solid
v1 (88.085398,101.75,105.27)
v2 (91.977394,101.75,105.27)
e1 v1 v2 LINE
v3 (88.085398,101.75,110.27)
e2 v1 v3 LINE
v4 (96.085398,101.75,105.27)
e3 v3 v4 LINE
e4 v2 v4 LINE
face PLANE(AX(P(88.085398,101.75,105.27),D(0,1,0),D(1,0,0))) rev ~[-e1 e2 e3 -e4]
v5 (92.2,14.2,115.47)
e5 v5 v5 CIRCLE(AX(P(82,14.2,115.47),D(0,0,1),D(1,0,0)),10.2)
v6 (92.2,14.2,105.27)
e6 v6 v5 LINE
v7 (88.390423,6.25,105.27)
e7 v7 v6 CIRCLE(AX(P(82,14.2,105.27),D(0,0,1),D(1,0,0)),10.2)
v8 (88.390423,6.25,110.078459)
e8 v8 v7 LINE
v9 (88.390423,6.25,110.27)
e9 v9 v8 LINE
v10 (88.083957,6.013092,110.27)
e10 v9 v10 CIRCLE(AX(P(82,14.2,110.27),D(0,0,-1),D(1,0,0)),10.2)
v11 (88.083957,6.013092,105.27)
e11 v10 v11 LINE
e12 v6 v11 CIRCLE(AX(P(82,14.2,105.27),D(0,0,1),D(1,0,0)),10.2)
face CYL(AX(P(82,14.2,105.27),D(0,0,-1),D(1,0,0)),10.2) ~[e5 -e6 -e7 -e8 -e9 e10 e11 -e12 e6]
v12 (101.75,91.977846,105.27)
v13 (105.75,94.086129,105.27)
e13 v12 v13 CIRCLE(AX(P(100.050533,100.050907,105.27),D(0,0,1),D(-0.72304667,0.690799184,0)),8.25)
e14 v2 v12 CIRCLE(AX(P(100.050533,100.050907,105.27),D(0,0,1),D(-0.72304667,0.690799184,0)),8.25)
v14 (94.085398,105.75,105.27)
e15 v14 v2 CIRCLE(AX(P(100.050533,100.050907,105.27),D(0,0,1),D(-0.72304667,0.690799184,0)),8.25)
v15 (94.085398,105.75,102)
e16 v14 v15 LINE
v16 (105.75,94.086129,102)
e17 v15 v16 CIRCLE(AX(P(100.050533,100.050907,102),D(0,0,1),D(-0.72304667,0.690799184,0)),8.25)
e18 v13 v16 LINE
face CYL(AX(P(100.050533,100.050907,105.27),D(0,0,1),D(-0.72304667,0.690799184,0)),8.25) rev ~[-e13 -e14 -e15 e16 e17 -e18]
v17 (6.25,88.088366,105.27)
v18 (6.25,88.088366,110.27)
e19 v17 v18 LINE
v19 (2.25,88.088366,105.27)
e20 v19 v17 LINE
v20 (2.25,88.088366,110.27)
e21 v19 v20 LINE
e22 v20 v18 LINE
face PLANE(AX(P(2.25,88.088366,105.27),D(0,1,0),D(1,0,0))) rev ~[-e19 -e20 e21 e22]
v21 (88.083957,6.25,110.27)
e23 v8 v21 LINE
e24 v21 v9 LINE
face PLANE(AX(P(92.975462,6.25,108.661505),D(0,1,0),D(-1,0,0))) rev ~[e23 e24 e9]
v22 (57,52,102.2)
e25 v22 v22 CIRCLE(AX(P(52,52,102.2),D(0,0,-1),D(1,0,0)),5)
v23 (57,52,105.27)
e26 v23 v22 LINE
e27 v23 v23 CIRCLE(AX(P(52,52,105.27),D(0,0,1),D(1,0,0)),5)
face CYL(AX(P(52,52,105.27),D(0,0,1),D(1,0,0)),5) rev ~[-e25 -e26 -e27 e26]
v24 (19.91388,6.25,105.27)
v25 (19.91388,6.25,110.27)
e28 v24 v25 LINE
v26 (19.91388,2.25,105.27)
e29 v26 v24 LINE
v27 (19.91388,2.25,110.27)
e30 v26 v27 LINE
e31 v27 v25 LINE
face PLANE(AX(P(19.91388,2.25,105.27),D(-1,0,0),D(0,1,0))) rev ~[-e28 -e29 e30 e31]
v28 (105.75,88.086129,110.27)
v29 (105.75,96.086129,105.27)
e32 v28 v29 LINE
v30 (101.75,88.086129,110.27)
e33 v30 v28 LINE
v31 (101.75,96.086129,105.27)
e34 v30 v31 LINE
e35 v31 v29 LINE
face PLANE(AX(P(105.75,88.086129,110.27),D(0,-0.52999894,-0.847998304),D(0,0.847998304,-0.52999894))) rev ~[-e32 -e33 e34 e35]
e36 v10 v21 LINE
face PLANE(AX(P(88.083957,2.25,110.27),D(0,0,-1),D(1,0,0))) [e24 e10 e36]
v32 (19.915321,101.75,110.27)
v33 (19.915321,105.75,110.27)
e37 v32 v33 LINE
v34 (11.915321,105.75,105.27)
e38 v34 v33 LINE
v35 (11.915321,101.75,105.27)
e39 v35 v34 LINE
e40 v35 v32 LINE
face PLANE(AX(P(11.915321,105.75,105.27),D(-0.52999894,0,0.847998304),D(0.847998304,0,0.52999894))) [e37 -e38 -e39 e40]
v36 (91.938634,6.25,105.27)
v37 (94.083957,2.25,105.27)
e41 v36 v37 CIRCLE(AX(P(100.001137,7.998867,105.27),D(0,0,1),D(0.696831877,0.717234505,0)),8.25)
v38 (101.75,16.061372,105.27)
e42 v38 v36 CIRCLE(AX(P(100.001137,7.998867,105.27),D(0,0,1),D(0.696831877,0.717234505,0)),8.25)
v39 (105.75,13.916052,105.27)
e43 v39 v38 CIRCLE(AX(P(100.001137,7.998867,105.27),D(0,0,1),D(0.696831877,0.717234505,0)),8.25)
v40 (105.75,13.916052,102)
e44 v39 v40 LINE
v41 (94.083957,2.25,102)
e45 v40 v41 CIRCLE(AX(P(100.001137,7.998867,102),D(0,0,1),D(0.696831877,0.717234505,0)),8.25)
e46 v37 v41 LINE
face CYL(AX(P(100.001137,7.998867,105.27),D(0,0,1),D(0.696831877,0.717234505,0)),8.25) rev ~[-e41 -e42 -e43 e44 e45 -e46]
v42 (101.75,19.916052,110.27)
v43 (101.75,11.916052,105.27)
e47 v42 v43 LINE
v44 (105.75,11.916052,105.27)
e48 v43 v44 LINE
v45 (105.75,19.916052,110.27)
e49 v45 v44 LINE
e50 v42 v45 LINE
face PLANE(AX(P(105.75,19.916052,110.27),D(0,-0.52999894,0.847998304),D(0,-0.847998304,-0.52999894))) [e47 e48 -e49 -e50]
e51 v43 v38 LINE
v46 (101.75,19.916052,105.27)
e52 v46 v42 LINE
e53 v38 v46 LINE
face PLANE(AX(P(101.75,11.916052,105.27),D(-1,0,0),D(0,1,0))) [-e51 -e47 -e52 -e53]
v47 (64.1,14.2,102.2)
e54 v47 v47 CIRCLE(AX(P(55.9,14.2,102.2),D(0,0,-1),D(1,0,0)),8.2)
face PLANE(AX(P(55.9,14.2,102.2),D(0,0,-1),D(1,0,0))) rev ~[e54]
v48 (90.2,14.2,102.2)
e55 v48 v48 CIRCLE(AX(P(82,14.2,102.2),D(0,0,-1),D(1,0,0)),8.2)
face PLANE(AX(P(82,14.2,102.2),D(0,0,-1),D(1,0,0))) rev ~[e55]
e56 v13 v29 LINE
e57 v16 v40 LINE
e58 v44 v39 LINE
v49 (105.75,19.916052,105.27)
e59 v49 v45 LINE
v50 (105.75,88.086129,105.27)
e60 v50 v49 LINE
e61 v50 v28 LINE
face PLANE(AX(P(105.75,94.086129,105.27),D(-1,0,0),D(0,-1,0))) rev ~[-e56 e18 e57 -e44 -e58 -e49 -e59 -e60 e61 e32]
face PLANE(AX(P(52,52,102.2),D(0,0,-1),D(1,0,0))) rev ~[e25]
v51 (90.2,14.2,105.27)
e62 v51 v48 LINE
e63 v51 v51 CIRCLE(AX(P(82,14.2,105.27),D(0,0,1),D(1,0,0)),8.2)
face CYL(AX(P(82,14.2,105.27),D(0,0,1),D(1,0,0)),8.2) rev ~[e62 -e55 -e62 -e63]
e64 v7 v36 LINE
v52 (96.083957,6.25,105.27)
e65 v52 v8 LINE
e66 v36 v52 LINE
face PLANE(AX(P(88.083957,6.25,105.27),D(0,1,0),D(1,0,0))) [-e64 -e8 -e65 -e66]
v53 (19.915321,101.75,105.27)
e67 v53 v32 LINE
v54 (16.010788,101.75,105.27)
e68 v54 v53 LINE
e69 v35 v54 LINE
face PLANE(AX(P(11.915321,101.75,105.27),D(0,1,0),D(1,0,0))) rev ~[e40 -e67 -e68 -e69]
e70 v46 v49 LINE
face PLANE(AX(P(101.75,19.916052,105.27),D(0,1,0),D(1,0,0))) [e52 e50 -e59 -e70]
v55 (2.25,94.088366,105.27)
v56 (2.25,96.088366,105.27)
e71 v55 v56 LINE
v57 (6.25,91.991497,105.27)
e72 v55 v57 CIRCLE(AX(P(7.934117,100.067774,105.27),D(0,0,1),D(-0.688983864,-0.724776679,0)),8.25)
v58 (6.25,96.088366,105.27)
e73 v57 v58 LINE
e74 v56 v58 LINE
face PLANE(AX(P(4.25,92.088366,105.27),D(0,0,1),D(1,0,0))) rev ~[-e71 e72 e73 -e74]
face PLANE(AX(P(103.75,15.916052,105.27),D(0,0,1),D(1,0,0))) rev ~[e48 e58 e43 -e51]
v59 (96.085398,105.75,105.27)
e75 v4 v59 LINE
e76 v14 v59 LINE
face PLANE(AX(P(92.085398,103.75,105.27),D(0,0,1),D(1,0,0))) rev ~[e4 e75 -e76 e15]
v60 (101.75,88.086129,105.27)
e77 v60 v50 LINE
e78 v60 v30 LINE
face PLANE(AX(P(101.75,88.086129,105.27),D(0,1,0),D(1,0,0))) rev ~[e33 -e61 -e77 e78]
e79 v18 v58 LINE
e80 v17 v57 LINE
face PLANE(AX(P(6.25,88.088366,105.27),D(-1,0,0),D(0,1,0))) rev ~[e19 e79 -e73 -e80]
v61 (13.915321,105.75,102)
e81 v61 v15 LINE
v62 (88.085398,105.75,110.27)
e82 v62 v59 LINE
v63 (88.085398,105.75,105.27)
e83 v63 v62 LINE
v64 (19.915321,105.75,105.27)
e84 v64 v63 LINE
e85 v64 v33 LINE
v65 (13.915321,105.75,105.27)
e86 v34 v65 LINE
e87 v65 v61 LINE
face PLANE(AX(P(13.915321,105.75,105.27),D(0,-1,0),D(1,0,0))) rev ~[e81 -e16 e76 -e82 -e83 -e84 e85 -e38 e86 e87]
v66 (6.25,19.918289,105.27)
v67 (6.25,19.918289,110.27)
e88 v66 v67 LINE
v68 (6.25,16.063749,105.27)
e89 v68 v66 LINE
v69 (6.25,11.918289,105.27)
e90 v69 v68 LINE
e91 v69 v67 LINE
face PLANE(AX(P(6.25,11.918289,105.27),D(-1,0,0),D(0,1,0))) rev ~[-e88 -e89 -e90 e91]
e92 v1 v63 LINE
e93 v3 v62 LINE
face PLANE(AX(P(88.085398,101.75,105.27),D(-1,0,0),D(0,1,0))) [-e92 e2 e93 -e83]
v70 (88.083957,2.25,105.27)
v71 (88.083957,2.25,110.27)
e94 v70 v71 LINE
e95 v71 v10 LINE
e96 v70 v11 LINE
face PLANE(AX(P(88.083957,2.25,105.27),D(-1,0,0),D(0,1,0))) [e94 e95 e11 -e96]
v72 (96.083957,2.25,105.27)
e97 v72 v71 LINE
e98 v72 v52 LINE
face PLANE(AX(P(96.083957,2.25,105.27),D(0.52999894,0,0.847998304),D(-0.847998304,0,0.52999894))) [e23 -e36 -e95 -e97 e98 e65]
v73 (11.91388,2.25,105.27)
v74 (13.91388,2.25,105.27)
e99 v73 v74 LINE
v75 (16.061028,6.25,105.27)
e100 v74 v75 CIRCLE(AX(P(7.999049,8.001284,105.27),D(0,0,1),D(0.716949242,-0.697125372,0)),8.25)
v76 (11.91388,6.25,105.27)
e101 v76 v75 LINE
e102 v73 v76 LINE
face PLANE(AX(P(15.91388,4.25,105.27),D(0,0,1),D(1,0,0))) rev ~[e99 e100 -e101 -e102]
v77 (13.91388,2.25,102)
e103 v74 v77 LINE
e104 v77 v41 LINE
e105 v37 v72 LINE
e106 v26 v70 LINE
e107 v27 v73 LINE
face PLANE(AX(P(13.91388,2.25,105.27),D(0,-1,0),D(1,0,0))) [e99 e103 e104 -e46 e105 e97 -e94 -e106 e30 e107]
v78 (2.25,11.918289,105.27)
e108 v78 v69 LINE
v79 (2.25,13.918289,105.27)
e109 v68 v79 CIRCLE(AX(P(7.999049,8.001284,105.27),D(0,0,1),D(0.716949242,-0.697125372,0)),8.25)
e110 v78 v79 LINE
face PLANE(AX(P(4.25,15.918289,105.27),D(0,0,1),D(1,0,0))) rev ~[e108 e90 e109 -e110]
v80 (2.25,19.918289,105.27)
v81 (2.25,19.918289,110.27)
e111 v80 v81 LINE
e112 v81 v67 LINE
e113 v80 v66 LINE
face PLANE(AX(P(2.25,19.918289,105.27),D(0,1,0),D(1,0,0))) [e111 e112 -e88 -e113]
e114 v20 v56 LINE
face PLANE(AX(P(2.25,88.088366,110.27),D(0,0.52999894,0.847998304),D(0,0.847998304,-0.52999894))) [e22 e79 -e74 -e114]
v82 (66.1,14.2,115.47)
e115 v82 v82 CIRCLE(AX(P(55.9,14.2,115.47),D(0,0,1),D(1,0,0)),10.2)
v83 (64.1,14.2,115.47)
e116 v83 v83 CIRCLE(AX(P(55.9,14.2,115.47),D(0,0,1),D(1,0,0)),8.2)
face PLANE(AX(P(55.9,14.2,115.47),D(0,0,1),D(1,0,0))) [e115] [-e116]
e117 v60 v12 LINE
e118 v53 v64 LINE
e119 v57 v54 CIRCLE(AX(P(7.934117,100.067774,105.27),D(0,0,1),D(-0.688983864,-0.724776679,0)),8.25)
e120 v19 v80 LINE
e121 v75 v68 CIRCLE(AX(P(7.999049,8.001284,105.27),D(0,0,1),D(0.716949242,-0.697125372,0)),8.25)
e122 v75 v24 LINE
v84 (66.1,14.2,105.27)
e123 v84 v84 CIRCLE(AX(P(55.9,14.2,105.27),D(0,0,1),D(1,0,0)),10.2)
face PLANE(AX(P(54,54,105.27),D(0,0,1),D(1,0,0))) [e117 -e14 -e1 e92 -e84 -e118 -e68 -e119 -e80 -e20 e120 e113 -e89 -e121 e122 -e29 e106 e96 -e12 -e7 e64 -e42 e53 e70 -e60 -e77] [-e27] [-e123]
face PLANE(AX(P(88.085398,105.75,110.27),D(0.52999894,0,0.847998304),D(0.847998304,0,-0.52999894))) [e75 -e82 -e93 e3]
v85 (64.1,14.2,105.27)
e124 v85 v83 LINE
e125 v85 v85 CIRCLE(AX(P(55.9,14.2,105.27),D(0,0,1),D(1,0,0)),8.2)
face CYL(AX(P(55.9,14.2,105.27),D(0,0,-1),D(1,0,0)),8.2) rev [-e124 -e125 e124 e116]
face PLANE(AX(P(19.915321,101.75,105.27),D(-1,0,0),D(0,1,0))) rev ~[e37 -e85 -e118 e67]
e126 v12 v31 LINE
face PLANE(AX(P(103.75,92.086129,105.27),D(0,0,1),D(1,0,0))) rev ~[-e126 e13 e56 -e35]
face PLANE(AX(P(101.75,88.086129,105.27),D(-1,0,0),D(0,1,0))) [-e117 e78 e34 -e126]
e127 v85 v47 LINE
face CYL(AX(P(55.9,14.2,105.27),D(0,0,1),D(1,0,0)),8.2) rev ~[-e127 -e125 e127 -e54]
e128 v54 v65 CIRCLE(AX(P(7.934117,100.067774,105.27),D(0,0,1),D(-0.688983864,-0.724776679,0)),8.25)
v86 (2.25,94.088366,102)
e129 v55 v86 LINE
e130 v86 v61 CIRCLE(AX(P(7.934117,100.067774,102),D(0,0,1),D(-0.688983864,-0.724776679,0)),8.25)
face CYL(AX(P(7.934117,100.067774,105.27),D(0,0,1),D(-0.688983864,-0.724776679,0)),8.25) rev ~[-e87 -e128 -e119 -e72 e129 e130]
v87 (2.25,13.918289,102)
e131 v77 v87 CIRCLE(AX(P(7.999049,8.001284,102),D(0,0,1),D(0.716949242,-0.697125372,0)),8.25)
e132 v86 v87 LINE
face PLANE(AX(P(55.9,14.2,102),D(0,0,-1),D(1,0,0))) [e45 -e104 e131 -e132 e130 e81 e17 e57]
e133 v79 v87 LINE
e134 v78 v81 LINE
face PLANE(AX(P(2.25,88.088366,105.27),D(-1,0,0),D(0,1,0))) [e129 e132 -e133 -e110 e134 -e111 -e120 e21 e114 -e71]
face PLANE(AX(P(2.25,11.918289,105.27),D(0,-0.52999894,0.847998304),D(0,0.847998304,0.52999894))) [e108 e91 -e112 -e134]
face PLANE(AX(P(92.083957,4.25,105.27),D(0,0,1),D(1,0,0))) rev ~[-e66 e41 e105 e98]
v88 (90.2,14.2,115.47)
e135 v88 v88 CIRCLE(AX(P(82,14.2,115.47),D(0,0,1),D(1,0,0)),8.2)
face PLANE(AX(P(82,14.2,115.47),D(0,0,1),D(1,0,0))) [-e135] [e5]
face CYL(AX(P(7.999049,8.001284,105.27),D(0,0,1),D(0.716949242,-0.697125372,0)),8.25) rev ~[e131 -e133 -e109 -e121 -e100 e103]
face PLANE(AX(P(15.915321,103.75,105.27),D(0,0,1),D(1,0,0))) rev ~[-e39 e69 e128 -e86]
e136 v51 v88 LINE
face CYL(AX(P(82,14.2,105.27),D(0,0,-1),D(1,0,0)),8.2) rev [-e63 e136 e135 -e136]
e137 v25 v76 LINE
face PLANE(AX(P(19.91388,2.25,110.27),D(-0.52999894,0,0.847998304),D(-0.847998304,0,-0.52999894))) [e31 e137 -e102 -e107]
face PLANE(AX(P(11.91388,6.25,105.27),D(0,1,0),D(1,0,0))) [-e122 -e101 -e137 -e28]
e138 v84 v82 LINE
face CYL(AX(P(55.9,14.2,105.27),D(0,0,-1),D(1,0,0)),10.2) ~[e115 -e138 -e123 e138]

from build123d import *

# Parameters (mm, degrees)
SKETCH108_W     = 108
SKETCH108_H     = 108
PAD045_DEPTH    = 3.27
FILLET007_R     = 8
SKETCH_R        = 8.2
POCKET_DEPTH    = 3.271
SKETCH131_R     = 10.2
SKETCH131_R_2   = 8.2
PAD_DEPTH       = 10.2
SKETCH132_W     = 108
SKETCH132_H     = 108
POCKET052_DEPTH = 3.271
SKETCH133_R     = 5
POCKET053_DEPTH = 3.271
SKETCH134_W     = 4
SKETCH134_H     = 8
SKETCH134_W_2   = 8
SKETCH134_H_2   = 4
PAD052_DEPTH    = 5
POCKET054_DEPTH = 4
POCKET055_DEPTH = 4
POCKET056_DEPTH = 4
POCKET057_DEPTH = 4
SKETCH139_R     = 8.2
SKETCH139_R_2   = 5
PAD053_DEPTH    = 0.2


with BuildPart() as part:
    # Sketch108 → Pad045 (new body)
    with BuildSketch(Plane.XY):
        with Locations((54, 54)):
            Rectangle(SKETCH108_W, SKETCH108_H)
    extrude(amount=PAD045_DEPTH)

    # Fillet007
    fillet007_edges = [part.edges().sort_by_distance(p)[0] for p in [
        (0, 0, 1.635),
        (0, 108, 1.635),
        (108, 108, 1.635),
        (108, 0, 1.635),
    ]]
    fillet(fillet007_edges, radius=FILLET007_R)

    # Sketch (on Face5 of Fillet007) → Pocket (cut, through all)
    with BuildSketch(Plane.XY.offset(3.27)):
        with Locations((55.9, 14.2)):
            Circle(SKETCH_R)
        with Locations((82, 14.2)):
            Circle(SKETCH_R)
    extrude(amount=-POCKET_DEPTH, mode=Mode.SUBTRACT)

    # Sketch131 (on Face5 of Pocket) → Pad (join)
    with BuildSketch(Plane.XY.offset(3.27)):
        with Locations((55.9, 14.2)):
            Circle(SKETCH131_R)
        with Locations((55.9, 14.2)):
            Circle(SKETCH131_R_2, mode=Mode.SUBTRACT)
        with Locations((82, 14.2)):
            Circle(SKETCH131_R)
        with Locations((82, 14.2)):
            Circle(SKETCH131_R_2, mode=Mode.SUBTRACT)
    extrude(amount=PAD_DEPTH)

    # Sketch132 (on Face5 of Pad) → Pocket052 (cut, through all)
    with BuildSketch(Plane.XY.offset(3.27)):
        with Locations((54, 54)):
            Rectangle(SKETCH132_W, SKETCH132_H)
        with BuildLine():
            Line((2.25, 94.088366), (2.25, 13.918289))
            ThreePointArc((13.91388, 2.25), (13.833782, 13.833813), (2.25, 13.918289))
            Line((13.91388, 2.25), (94.083957, 2.25))
            ThreePointArc((105.75, 13.916052), (94.167504, 13.832496), (94.083957, 2.25))
            Line((105.75, 94.086129), (105.75, 13.916052))
            ThreePointArc((94.085398, 105.75), (94.217085, 94.217093), (105.75, 94.086129))
            Line((13.915321, 105.75), (94.085398, 105.75))
            ThreePointArc((2.25, 94.088366), (13.766826, 94.233221), (13.915321, 105.75))
        make_face(mode=Mode.SUBTRACT)
    extrude(amount=-POCKET052_DEPTH, mode=Mode.SUBTRACT)

    # Sketch133 (on Face1 of Pocket052) → Pocket053 (cut, through all)
    with BuildSketch(Plane.XY.offset(3.27)):
        with Locations((52, 52)):
            Circle(SKETCH133_R)
    extrude(amount=-POCKET053_DEPTH, mode=Mode.SUBTRACT)

    # Sketch134 (on Face1 of Pocket053) → Pad052 (join)
    with BuildSketch(Plane.XY.offset(3.27)):
        with Locations((4.25, 92.088366)):
            Rectangle(SKETCH134_W, SKETCH134_H)
        with Locations((15.915321, 103.75)):
            Rectangle(SKETCH134_W_2, SKETCH134_H_2)
        with Locations((92.085398, 103.75)):
            Rectangle(SKETCH134_W_2, SKETCH134_H_2)
        with Locations((103.75, 92.086129)):
            Rectangle(SKETCH134_W, SKETCH134_H)
        with Locations((103.75, 15.916052)):
            Rectangle(SKETCH134_W, SKETCH134_H)
        with Locations((92.083957, 4.25)):
            Rectangle(SKETCH134_W_2, SKETCH134_H_2)
        with Locations((15.91388, 4.25)):
            Rectangle(SKETCH134_W_2, SKETCH134_H_2)
        with Locations((4.25, 15.918289)):
            Rectangle(SKETCH134_W, SKETCH134_H)
    extrude(amount=PAD052_DEPTH)

    # Sketch135 (on Face24 of Pad052) → Pocket054 (cut)
    with BuildSketch(Plane.YZ.offset(105.75)):
        Polygon((96.086129, 8.27), (88.086129, 8.27), (96.086129, 3.27), align=None)
        Polygon((11.916052, 8.27), (19.916052, 8.27), (11.916052, 3.27), align=None)
    extrude(amount=-POCKET054_DEPTH, mode=Mode.SUBTRACT)

    # Sketch136 (on Face27 of Pocket054) → Pocket055 (cut)
    with BuildSketch(Plane(origin=(0, 105.75, 0), x_dir=(-1, 0, 0), z_dir=(0, 1, 0))):
        Polygon((-96.085398, 8.27), (-88.085398, 8.27), (-96.085398, 3.27), align=None)
        Polygon((-19.915321, 8.27), (-11.915321, 8.27), (-11.915321, 3.27), align=None)
    extrude(amount=-POCKET055_DEPTH, mode=Mode.SUBTRACT)

    # Sketch137 (on Face18 of Pocket055) → Pocket056 (cut)
    with BuildSketch(Plane(origin=(2.25, 0, 0), x_dir=(0, -1, 0), z_dir=(-1, 0, 0))):
        Polygon((-96.088366, 8.27), (-88.088366, 8.27), (-96.088366, 3.27), align=None)
        Polygon((-19.918289, 8.27), (-11.918289, 8.27), (-11.918289, 3.27), align=None)
    extrude(amount=-POCKET056_DEPTH, mode=Mode.SUBTRACT)

    # Sketch138 (on Face17 of Pocket056) → Pocket057 (cut)
    with BuildSketch(Plane.XZ.offset(-2.25)):
        Polygon((11.91388, 8.27), (19.91388, 8.27), (11.91388, 3.27), align=None)
        Polygon((88.083957, 8.27), (96.083957, 8.27), (96.083957, 3.27), align=None)
    extrude(amount=-POCKET057_DEPTH, mode=Mode.SUBTRACT)

    # Sketch139 (on Face1 of Pocket057) → Pad053 (join)
    with BuildSketch(Plane(origin=(0, 0, 0), x_dir=(1, 0, 0), z_dir=(0, 0, -1))):
        with Locations((55.9, -14.2)):
            Circle(SKETCH139_R)
        with Locations((82, -14.2)):
            Circle(SKETCH139_R)
        with Locations((52, -52)):
            Circle(SKETCH139_R_2)
    extrude(amount=-PAD053_DEPTH)


with BuildPart() as part_1:
    # Body020 placement: moved
    add(part.part.moved(Location((0, 0, 102))))


solid = part_1.part
